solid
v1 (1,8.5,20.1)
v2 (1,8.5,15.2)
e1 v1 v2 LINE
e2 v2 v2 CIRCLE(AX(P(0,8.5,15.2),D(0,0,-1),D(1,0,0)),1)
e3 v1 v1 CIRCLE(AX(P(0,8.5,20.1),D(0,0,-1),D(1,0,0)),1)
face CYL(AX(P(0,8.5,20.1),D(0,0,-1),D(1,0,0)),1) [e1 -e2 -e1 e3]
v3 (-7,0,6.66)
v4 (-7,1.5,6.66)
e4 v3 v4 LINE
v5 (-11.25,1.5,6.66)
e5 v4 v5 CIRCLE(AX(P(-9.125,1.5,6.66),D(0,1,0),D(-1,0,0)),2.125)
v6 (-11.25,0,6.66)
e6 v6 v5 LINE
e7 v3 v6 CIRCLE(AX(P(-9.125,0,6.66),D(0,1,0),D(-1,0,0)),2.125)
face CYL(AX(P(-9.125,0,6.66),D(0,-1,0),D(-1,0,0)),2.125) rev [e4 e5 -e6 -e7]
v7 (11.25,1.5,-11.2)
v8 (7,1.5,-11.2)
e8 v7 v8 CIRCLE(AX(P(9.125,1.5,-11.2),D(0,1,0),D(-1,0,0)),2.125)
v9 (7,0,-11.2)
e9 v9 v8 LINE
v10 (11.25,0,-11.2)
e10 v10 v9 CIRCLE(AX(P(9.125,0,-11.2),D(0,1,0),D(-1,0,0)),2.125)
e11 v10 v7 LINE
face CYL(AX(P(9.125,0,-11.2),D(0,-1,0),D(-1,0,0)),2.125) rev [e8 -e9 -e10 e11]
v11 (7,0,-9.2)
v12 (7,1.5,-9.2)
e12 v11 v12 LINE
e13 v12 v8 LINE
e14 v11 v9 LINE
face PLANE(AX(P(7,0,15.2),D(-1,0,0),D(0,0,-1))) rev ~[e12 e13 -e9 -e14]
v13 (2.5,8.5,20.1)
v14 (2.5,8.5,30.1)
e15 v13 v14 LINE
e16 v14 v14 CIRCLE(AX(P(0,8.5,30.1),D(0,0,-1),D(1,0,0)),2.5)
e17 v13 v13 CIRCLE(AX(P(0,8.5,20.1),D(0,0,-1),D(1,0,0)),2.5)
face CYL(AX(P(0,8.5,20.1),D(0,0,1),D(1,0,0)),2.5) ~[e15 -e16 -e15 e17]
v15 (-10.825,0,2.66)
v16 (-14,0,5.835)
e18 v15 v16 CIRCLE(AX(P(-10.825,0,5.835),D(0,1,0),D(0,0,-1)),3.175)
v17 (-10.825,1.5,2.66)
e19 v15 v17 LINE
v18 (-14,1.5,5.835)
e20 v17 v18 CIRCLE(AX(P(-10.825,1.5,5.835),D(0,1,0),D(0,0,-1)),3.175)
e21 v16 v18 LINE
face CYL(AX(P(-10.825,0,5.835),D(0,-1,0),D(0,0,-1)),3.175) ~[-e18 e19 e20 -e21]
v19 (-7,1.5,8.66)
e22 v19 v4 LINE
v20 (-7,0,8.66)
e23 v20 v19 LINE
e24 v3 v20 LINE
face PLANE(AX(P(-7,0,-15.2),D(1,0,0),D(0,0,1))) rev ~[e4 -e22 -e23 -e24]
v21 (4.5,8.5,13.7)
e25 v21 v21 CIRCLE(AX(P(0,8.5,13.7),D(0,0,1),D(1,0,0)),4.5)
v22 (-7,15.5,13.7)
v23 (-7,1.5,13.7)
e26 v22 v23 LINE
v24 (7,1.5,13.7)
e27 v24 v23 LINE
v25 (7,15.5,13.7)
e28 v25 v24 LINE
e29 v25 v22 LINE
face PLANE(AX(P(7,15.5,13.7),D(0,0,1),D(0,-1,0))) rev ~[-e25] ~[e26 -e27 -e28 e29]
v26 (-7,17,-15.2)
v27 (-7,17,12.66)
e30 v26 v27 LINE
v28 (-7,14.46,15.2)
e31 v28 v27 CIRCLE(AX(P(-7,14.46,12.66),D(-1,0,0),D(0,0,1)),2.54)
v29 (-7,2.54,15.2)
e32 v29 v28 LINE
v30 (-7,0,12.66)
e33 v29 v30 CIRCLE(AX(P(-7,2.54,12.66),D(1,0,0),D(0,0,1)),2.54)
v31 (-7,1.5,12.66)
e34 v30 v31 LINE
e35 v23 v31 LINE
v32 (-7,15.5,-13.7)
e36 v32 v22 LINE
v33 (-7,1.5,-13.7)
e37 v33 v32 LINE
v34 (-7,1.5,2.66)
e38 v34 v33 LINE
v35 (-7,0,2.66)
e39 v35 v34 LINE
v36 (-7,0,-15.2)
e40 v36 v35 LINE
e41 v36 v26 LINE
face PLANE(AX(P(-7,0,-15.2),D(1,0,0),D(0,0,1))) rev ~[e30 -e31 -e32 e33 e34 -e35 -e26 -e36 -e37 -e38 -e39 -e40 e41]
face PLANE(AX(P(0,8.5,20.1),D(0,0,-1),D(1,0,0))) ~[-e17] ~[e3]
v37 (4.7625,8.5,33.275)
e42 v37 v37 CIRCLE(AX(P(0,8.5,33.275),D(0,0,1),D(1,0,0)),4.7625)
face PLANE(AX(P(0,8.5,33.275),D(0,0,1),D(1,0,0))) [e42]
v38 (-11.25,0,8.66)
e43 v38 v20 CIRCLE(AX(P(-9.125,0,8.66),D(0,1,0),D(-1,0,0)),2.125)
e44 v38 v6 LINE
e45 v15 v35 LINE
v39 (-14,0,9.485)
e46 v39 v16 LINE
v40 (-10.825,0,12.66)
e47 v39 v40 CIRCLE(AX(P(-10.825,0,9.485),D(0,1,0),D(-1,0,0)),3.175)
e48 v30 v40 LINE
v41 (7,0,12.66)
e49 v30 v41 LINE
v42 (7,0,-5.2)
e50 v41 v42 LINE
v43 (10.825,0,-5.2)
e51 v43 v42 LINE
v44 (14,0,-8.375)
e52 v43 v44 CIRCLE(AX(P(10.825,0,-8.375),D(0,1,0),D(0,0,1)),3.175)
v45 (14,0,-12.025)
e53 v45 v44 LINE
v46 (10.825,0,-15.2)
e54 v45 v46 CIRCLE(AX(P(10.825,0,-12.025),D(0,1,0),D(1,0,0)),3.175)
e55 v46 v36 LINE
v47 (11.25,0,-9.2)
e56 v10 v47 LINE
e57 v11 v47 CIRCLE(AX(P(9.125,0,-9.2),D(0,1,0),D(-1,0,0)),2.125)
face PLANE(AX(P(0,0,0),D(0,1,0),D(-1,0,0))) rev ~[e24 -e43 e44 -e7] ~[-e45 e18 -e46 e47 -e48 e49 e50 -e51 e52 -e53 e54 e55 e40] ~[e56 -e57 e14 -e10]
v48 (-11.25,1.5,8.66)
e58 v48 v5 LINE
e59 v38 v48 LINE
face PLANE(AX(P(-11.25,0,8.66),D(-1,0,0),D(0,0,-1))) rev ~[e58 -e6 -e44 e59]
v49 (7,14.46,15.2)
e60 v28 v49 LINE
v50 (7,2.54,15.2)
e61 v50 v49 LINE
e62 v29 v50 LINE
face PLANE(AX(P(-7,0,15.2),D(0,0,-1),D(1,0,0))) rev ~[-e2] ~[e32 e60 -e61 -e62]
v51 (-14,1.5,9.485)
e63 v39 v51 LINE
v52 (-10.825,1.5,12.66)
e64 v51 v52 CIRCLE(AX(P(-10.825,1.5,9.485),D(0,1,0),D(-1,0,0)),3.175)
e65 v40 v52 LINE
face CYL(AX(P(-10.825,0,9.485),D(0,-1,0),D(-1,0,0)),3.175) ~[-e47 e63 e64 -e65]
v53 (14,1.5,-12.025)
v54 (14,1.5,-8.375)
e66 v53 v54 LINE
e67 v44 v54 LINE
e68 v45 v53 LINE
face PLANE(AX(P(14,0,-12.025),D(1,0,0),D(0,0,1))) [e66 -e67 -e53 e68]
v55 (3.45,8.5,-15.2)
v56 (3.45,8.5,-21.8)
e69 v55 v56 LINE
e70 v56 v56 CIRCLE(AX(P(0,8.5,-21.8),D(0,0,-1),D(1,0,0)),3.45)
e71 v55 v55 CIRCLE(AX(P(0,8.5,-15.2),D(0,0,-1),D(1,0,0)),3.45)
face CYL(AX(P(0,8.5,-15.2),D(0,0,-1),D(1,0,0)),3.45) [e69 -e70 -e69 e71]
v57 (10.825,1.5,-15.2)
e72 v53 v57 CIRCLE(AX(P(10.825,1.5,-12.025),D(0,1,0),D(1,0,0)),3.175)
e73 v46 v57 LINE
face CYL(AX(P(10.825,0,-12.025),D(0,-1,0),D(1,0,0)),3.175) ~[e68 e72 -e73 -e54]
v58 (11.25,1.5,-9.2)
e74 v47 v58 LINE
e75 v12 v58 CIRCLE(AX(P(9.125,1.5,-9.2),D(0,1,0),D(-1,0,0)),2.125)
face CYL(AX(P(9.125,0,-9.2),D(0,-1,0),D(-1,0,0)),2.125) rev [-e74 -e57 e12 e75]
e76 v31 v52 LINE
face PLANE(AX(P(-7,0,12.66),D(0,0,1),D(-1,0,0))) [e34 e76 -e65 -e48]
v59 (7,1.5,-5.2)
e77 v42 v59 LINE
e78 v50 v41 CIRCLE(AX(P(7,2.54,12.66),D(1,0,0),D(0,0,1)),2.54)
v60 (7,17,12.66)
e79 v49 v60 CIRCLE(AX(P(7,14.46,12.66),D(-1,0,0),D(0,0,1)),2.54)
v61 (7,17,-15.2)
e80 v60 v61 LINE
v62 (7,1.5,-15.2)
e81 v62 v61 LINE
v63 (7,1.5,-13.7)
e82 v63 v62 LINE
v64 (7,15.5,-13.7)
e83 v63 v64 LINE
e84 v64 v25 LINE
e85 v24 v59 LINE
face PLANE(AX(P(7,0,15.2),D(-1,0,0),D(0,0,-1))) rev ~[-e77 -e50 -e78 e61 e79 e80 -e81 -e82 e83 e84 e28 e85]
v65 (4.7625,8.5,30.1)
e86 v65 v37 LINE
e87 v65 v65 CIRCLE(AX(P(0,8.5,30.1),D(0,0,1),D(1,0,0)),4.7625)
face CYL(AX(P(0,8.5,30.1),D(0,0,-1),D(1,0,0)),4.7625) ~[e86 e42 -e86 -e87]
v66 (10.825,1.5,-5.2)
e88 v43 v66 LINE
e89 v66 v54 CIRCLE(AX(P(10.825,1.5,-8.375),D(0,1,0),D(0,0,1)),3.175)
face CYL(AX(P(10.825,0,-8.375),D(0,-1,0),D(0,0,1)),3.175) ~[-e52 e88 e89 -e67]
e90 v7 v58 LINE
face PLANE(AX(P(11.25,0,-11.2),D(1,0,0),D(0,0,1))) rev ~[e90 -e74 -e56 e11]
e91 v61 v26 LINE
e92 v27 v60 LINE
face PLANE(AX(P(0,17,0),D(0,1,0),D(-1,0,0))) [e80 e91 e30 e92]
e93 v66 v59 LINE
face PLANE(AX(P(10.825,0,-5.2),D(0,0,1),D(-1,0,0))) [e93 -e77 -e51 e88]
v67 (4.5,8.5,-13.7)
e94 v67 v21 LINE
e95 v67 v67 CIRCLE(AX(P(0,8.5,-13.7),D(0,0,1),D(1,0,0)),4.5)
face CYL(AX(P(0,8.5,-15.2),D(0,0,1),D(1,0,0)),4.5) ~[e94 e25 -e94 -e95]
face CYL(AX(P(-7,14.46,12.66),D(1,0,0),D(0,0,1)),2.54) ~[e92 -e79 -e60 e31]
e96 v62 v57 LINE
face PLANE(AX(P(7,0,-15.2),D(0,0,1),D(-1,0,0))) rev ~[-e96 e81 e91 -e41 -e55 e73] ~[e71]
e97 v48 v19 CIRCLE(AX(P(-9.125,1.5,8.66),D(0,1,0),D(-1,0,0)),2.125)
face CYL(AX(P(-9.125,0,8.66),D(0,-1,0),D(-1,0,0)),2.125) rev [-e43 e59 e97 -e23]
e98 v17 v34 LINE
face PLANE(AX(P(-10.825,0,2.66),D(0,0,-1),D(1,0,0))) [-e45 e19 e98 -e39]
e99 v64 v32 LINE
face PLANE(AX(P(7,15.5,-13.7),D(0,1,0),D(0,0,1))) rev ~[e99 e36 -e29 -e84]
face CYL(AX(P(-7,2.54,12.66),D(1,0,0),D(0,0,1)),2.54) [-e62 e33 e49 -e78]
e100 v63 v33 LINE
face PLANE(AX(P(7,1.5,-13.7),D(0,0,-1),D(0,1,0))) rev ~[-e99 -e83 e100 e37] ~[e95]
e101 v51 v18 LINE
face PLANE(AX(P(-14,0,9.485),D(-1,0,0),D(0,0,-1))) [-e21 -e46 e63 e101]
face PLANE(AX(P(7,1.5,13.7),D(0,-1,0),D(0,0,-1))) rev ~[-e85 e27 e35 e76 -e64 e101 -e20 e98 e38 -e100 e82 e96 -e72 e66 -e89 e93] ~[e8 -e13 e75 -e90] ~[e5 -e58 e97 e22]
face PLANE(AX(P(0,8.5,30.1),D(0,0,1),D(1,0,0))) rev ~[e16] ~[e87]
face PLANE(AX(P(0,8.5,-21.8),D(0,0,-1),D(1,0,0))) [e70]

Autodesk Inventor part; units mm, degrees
ref_plane "YZ Plane" through (0, 0, 0) normal (1, 0, 0) x (0, 1, 0)
ref_plane "XZ Plane" through (0, 0, 0) normal (0, 1, 0) x (-1, 0, 0)
sketch "Sketch1" plane through (0, 0, 0) normal (0, 1, 0) x (-1, 0, 0)
  line L0 (7, 15.2) -> (-7, 15.2)
  line L1 (-7, 15.2) -> (-7, -15.2)
  line L2 (-7, -15.2) -> (7, -15.2)
  line L3 (7, -15.2) -> (7, 15.2)
  point P0 (0, 0)
  dimension "d0" = 30.4
  dimension "d1" = 14
  dimension "d2" = 7
  dimension "d3" = 15.2
extrude "Extrusion1" add sketch "Sketch1" along normal blind 17
fillet "Fillet1" radius 2.54 2 edges at (0, 17, 15.2) (0, 0, 15.2)
sketch "Sketch2" plane through (7, 0, -15.2) normal (1, 0, 0) x (0, 0, -1)
  line L0 (-1.5, 15.5) -> (-28.9, 15.5)
  line L1 (-28.9, 15.5) -> (-28.9, 1.5)
  line L2 (-28.9, 1.5) -> (-1.5, 1.5)
  line L3 (-1.5, 1.5) -> (-1.5, 15.5)
  line L4 (-28.9, 8.5) -> (-30.4, 8.5) construction
  line L5 (-30.4, 2.54) -> (-30.4, 14.46) projected
  line L6 (-1.5, 9.1916) -> (0, 9.1916) construction
  line L7 (0, 0) -> (0, 17) projected
  line L8 (-13.3503, 1.5) -> (-13.3503, 0) construction
  line L9 (-15.2, 15.5) -> (-15.2, 17) construction
  line L10 (0, 17) -> (-27.86, 17) projected
  line L11 (-27.86, 0) -> (0, 0) projected
  point P0 (-15.2, 0)
  dimension "d7" = 1.5
extrude "Extrusion2" cut sketch "Sketch2" against normal blind 17
ref_plane "Work Plane1" through (0, 8.5, 0) normal (0, 1, 0) x (1, 0, 0)
sketch "Sketch4" plane through (0, 17, 0) normal (0, 1, 0) x (1, 0, 0)
  line L0 (7, 15.2) -> (-7, 15.2) projected
  line L1 (0, 15.2) -> (3.45, 15.2)
  line L2 (3.45, 15.2) -> (3.45, 21.8)
  line L3 (3.45, 21.8) -> (0, 21.8)
  line L4 (0, 21.8) -> (0, 15.2)
  line L5 (-7, -15.2) -> (7, -15.2) projected
  line L6 (0, 15.2) -> (4.5, 15.2)
  line L7 (4.5, 15.2) -> (4.5, -15.2)
  line L8 (4.5, -15.2) -> (0, -15.2)
  line L9 (0, -15.2) -> (0, 15.2)
  line L10 (1, -15.2) -> (0, -15.2)
  line L11 (0, -15.2) -> (0, -20.1)
  line L12 (0, -20.1) -> (1, -20.1)
  line L13 (1, -20.1) -> (1, -15.2)
  line L14 (0, -20.1) -> (2.5, -20.1)
  line L15 (2.5, -20.1) -> (2.5, -30.1)
  line L16 (2.5, -30.1) -> (0, -30.1)
  line L17 (0, -30.1) -> (0, -20.1)
  point P0 (0, 0)
  dimension "d10" = 3.45
  dimension "d11" = 51.9
  dimension "d12" = 10
  dimension "d14" = 4.9
  dimension "d15" = 2.5
  dimension "d16" = 1
  dimension "d17" = 4.5
sketch "Sketch5" plane through (0, 8.5, 0) normal (0, 1, 0) x (1, 0, 0)
  line L0 (0, 15.2) -> (3.45, 15.2)
  line L1 (3.45, 15.2) -> (3.45, 21.8)
  line L2 (3.45, 21.8) -> (0, 21.8)
  line L3 (0, 21.8) -> (0, 15.2)
  line L4 (0, 15.2) -> (4.5, 15.2)
  line L5 (4.5, 15.2) -> (4.5, -15.2)
  line L6 (4.5, -15.2) -> (0, -15.2)
  line L7 (0, -15.2) -> (0, 15.2)
  line L8 (1, -15.2) -> (0, -15.2)
  line L9 (0, -15.2) -> (0, -20.1)
  line L10 (0, -20.1) -> (1, -20.1)
  line L11 (1, -20.1) -> (1, -15.2)
  line L12 (0, -20.1) -> (2.5, -20.1)
  line L13 (2.5, -20.1) -> (2.5, -30.1)
  line L14 (2.5, -30.1) -> (0, -30.1)
  line L15 (0, -30.1) -> (0, -20.1)
  point P0 (0, 0)
  dimension "d18" = 3.45
  dimension "d19" = 51.9
  dimension "d20" = 10
  dimension "d21" = 4.9
  dimension "d22" = 2.5
  dimension "d23" = 1
  dimension "d24" = 4.5
revolve "Revolution1" add sketch "Sketch5" angle 360 about axis through (0, 8.5, 30.1) along (0, 0, -1)
sketch "Sketch6" plane through (0, 0, 0) normal (0, 1, 0) x (-1, 0, 0)
  line L0 (-7, -15.2) -> (7, -15.2) projected
  line L1 (-7, 12.66) -> (7, 12.66) projected
  line L2 (7, 12.66) -> (10.825, 12.66)
  line L3 (14, 9.485) -> (14, 5.835)
  line L4 (10.825, 2.66) -> (7, 2.66)
  line L5 (7, 2.66) -> (7, 12.66)
  line L6 (11.25, 6.66) -> (7, 6.66)
  line L7 (7, 6.66) -> (7, 8.66)
  line L8 (7, 8.66) -> (11.25, 8.66)
  line L9 (11.25, 8.66) -> (11.25, 6.66)
  line L10 (7, -15.2) -> (7, 12.66) projected
  line L11 (7, 7.66) -> (14, 7.66) construction
  circle A0 centre (9.125, 6.66) radius 2.125
  circle A1 centre (9.125, 8.66) radius 2.125
  arc A2 (10.825, 2.66) -> (14, 5.835) centre (10.825, 5.835) ccw
  arc A3 (14, 9.485) -> (10.825, 12.66) centre (10.825, 9.485) ccw
  line L12 (-1, 15.2) -> (1, 15.2) projected
  line L13 (7, -15.2) -> (7, 12.66) projected
  line L14 (7, 12.66) -> (7, -15.2)
  line L15 (7, -1.27) -> (-7, -1.27) construction
  line L16 (-7, -13.7) -> (-7, 13.7) projected
  line L17 (0, -1.27) -> (0, -15.2) construction
  line L18 (7, -15.2) -> (10.825, -15.2) construction
  line L19 (14, -12.025) -> (14, -8.375) construction
  line L20 (10.825, -5.2) -> (7, -5.2) construction
  line L21 (7, -5.2) -> (7, -15.2) construction
  line L22 (11.25, -9.2) -> (7, -9.2) construction
  line L23 (7, -9.2) -> (7, -11.2) construction
  line L24 (7, -11.2) -> (11.25, -11.2) construction
  line L25 (11.25, -11.2) -> (11.25, -9.2) construction
  line L26 (7, -10.2) -> (14, -10.2) construction
  circle A4 centre (9.125, -9.2) radius 2.125 construction
  circle A5 centre (9.125, -11.2) radius 2.125 construction
  arc A6 (14, -8.375) -> (10.825, -5.2) centre (10.825, -8.375) ccw construction
  arc A7 (10.825, -15.2) -> (14, -12.025) centre (10.825, -12.025) ccw construction
  line L27 (-7, -5.2) -> (-7, -15.2)
  line L28 (-7, -9.2) -> (-7, -11.2)
  line L29 (-7, -15.2) -> (-10.825, -15.2)
  line L30 (-7, -11.2) -> (-11.25, -11.2)
  line L31 (-11.25, -9.2) -> (-7, -9.2)
  line L32 (-11.25, -11.2) -> (-11.25, -9.2)
  circle A8 centre (-9.125, -11.2) radius 2.125
  circle A9 centre (-9.125, -9.2) radius 2.125
  arc A10 (-14, -12.025) -> (-10.825, -15.2) centre (-10.825, -12.025) ccw
  line L33 (-10.825, -5.2) -> (-7, -5.2)
  line L34 (-7, -10.2) -> (-14, -10.2) construction
  line L35 (-14, -12.025) -> (-14, -8.375)
  arc A11 (-10.825, -5.2) -> (-14, -8.375) centre (-10.825, -8.375) ccw
  point P0 (14, 2.66)
  point P1 (14, 12.66)
  point P2 (14, -5.2)
  point P3 (14, -15.2)
  point P4 (-14, -15.2)
  point P5 (-14, -5.2)
  dimension "d26" = 4.25
  dimension "d27" = 7
  dimension "d28" = 10
  dimension "d29" = 2
  dimension "d30" = 3.175
extrude "Extrusion3" add sketch "Sketch6" along normal blind 1.5 contours L29 A10 L35 A11 L33 L16 A9 L32 A8 L27 | L5 A0 L9 A1 L2 A3 L3 A2 L4
sketch "Sketch7" plane through (0, 8.5, 30.1) normal (0, 0, 1) x (1, 0, 0)
  circle A0 centre (0, 0) radius 2.5 projected
  circle A1 centre (0, 0) radius 4.7625
  point P0 (0, -8.5)
  dimension "d33" = 9.525
extrude "Extrusion4" add sketch "Sketch7" along normal blind 3.175 contours A0 | A1
equation "\"d2\" = 0.5 * d1"
equation "\"d3\" = 0.5 * d0"
properties part number "Solenoid"
